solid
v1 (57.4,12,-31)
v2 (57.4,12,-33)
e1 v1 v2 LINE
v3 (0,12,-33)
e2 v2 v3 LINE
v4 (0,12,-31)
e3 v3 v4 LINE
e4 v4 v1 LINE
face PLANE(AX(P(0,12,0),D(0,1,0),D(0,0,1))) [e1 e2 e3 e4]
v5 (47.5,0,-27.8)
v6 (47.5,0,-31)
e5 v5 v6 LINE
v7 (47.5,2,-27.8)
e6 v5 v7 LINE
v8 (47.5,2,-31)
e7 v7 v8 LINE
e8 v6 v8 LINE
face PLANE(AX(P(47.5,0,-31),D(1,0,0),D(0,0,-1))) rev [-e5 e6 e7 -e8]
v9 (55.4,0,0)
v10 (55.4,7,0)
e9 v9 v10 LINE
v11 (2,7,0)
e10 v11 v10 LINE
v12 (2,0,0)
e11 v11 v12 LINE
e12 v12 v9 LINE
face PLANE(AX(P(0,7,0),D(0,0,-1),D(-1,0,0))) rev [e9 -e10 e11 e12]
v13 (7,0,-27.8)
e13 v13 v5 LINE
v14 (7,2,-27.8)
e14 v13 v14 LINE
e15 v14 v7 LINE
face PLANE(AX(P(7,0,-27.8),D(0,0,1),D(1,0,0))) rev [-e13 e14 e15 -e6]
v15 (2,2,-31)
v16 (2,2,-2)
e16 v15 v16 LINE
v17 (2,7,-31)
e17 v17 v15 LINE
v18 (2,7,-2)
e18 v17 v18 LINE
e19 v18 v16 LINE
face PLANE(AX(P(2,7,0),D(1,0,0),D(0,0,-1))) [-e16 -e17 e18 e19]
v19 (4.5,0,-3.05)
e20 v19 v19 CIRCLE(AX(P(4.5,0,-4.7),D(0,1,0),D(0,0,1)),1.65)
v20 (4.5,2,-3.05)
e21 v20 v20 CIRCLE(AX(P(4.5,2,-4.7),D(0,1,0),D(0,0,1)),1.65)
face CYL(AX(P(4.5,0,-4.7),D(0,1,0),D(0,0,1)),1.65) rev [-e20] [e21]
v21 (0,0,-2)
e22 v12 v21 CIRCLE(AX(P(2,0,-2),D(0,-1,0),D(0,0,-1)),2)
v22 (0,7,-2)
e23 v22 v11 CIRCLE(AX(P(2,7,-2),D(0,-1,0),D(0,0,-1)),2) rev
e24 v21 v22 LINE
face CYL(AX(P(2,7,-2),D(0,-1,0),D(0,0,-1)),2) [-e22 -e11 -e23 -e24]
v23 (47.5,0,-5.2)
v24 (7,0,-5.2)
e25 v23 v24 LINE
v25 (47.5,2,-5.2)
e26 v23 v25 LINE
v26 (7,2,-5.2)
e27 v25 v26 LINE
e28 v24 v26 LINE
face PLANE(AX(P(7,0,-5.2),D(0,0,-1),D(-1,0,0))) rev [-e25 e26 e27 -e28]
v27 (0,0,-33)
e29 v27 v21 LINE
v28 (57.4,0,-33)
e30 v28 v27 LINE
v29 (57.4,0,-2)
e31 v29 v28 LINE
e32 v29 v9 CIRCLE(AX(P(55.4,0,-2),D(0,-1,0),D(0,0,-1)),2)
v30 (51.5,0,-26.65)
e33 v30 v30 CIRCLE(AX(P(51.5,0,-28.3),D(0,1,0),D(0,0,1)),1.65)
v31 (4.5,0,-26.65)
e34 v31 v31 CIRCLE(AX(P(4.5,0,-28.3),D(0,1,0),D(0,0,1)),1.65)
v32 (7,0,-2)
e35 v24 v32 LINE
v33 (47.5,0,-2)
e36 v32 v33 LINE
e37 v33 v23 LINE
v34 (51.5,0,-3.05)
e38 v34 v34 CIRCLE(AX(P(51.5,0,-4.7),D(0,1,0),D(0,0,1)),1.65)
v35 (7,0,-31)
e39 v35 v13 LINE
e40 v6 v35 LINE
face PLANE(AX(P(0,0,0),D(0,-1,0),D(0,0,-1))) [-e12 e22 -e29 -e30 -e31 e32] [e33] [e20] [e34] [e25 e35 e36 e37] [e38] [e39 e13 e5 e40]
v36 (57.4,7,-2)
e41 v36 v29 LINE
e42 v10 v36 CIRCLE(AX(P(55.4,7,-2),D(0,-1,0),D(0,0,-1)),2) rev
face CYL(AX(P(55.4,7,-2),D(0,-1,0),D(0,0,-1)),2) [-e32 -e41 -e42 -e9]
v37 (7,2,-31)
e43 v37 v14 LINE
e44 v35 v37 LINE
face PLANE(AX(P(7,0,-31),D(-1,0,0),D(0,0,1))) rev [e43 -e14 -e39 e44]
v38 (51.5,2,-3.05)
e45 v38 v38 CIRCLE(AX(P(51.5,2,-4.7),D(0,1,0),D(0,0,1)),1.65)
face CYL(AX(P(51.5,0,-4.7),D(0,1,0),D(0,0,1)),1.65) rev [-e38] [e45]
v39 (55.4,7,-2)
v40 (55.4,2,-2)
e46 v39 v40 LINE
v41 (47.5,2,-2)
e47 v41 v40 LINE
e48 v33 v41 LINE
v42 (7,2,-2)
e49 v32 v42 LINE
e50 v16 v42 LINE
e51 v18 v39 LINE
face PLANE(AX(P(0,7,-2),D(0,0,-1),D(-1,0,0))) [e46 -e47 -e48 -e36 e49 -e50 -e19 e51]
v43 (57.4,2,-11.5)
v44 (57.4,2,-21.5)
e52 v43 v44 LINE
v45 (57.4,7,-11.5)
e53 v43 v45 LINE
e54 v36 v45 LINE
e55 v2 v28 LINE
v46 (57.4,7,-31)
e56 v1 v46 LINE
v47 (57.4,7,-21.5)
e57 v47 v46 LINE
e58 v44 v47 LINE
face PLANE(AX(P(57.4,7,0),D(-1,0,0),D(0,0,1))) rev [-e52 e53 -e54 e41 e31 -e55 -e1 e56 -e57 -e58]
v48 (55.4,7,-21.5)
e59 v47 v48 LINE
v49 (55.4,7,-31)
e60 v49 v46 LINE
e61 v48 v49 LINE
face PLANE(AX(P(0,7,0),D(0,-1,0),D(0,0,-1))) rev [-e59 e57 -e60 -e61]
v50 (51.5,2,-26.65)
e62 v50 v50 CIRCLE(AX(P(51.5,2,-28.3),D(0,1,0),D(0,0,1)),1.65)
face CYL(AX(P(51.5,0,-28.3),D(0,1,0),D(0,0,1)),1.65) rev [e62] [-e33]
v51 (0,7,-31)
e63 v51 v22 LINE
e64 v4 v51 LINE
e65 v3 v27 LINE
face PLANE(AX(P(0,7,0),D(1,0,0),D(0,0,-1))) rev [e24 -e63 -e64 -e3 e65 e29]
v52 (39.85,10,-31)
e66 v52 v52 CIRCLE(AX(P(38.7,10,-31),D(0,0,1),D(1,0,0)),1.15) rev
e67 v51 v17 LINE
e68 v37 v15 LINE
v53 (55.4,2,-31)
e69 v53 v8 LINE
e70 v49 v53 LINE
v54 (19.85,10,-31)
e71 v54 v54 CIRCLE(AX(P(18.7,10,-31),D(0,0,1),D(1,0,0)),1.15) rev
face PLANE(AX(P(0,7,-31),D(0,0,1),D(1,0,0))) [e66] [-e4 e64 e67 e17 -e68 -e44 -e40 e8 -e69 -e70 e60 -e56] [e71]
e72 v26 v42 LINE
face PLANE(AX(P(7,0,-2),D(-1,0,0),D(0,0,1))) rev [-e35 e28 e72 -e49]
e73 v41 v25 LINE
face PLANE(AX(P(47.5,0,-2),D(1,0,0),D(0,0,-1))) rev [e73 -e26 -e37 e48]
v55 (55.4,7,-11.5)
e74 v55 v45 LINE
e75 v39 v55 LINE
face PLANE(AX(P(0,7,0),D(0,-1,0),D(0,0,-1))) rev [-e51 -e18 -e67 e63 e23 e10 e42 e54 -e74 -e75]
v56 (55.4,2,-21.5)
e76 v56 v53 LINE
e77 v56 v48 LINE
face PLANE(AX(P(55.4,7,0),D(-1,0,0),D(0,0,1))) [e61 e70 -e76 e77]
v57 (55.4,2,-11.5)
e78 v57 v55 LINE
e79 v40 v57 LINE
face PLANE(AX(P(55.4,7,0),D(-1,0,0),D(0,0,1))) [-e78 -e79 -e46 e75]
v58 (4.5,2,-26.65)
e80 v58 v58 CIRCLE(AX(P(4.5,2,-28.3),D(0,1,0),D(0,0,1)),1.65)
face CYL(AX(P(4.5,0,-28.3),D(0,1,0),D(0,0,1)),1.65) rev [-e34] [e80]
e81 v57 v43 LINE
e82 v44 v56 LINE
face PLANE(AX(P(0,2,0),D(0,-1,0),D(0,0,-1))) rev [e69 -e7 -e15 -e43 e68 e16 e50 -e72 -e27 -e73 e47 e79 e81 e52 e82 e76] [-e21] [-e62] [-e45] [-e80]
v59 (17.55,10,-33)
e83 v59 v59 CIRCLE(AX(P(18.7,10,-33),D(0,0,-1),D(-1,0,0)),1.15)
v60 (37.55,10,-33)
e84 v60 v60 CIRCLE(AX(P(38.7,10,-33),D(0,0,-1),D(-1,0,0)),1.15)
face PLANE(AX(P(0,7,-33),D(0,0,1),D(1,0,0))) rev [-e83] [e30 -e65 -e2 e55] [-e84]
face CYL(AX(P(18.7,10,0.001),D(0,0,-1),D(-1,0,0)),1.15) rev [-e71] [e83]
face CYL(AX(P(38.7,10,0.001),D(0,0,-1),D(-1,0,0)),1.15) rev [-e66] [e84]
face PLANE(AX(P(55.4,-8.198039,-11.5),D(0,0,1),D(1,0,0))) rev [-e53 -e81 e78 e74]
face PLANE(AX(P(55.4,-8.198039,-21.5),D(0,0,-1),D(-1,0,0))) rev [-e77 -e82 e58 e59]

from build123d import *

# Parameters (mm, degrees)
SKETCH1_W           = 57.4
SKETCH1_H           = 33
BOSS_EXTRUDE1_DEPTH = 7
SHELL3_T            = -2
SKETCH2_R           = 1.65
CUT_EXTRUDE1_DEPTH  = 67.398493959
SKETCH3_W           = 40.5
SKETCH3_H           = 3.2
CUT_EXTRUDE2_DEPTH  = 67.398493959
SKETCH4_W           = 2
SKETCH4_H           = 10
CUT_EXTRUDE3_DEPTH  = 5
SKETCH5_W           = 57.4
SKETCH5_H           = 2
BOSS_EXTRUDE2_DEPTH = 5
CUT_EXTRUDE4_REACH  = 69.289
SKETCH6_R           = 1.15
FILLET1_R           = 2


with BuildPart() as part:
    # Sketch1 → Boss-Extrude1 (new body)
    with BuildSketch(Plane(origin=(0, 0, 0), x_dir=(1, 0, 0), z_dir=(0, 1, 0))):
        with Locations((28.7, 16.5)):
            Rectangle(SKETCH1_W, SKETCH1_H)
    extrude(amount=BOSS_EXTRUDE1_DEPTH)

    # Shell3
    shell3_openings = [part.faces().sort_by_distance(p)[0] for p in [
        (28.7, 7, -16.5),
    ]]
    offset(amount=SHELL3_T, openings=shell3_openings, kind=Kind.INTERSECTION)

    # Sketch2 → Cut-Extrude1 (cut, through all)
    with BuildSketch(Plane(origin=(0, 2, 0), x_dir=(1, 0, 0), z_dir=(0, 1, 0))):
        with Locations(Location((4.5, 28.3, 0), (0, 0, 270))):
            Circle(SKETCH2_R)
        with Locations(Location((51.5, 28.3, 0), (0, 0, 270))):
            Circle(SKETCH2_R)
        with Locations(Location((4.5, 4.7, 0), (0, 0, 270))):
            Circle(SKETCH2_R)
        with Locations(Location((51.5, 4.7, 0), (0, 0, 270))):
            Circle(SKETCH2_R)
    extrude(amount=-CUT_EXTRUDE1_DEPTH, mode=Mode.SUBTRACT)

    # Sketch3 → Cut-Extrude2 (cut, through all)
    with BuildSketch(Plane(origin=(0, 2, 0), x_dir=(1, 0, 0), z_dir=(0, 1, 0))):
        with Locations((27.25, 29.4)):
            Rectangle(SKETCH3_W, SKETCH3_H)
        with Locations((27.25, 3.6)):
            Rectangle(SKETCH3_W, SKETCH3_H)
    extrude(amount=-CUT_EXTRUDE2_DEPTH, mode=Mode.SUBTRACT)

    # Sketch4 → Cut-Extrude3 (cut)
    with BuildSketch(Plane(origin=(0, 7, 0), x_dir=(1, 0, 0), z_dir=(0, 1, 0))):
        with Locations((56.4, 16.5)):
            Rectangle(SKETCH4_W, SKETCH4_H)
    extrude(amount=-CUT_EXTRUDE3_DEPTH, mode=Mode.SUBTRACT)

    # Sketch5 → Boss-Extrude2 (add)
    with BuildSketch(Plane(origin=(0, 7, 0), x_dir=(1, 0, 0), z_dir=(0, 1, 0))):
        with Locations((28.7, 32)):
            Rectangle(SKETCH5_W, SKETCH5_H)
    extrude(amount=BOSS_EXTRUDE2_DEPTH)

    # Sketch6 → Cut-Extrude4 (cut, up to next)
    with BuildSketch(Plane(origin=(0, 0, -33), x_dir=(-1, 0, 0), z_dir=(0, 0, -1)), mode=Mode.PRIVATE) as cut_extrude4_sk1:
        with Locations((-38.7, 10)):
            Circle(SKETCH6_R)
    cut_extrude4_tool1 = extrude(cut_extrude4_sk1.sketch, amount=-CUT_EXTRUDE4_REACH, mode=Mode.PRIVATE) & part.part
    # Sketch6 → Cut-Extrude4 (cut, up to next)
    with BuildSketch(Plane(origin=(0, 0, -33), x_dir=(-1, 0, 0), z_dir=(0, 0, -1)), mode=Mode.PRIVATE) as cut_extrude4_sk2:
        with Locations((-18.7, 10)):
            Circle(SKETCH6_R)
    cut_extrude4_tool2 = extrude(cut_extrude4_sk2.sketch, amount=-CUT_EXTRUDE4_REACH, mode=Mode.PRIVATE) & part.part
    add(cut_extrude4_tool1.solids().sort_by_distance((38.7, 10, -33))[0], mode=Mode.SUBTRACT)
    add(cut_extrude4_tool2.solids().sort_by_distance((18.7, 10, -33))[0], mode=Mode.SUBTRACT)

    # Fillet1
    fillet1_edges = [part.edges().sort_by_distance(p)[0] for p in [
        (57.4, 3.5, 0),
        (0, 3.5, 0),
    ]]
    fillet(fillet1_edges, radius=FILLET1_R)


solid = part.part
